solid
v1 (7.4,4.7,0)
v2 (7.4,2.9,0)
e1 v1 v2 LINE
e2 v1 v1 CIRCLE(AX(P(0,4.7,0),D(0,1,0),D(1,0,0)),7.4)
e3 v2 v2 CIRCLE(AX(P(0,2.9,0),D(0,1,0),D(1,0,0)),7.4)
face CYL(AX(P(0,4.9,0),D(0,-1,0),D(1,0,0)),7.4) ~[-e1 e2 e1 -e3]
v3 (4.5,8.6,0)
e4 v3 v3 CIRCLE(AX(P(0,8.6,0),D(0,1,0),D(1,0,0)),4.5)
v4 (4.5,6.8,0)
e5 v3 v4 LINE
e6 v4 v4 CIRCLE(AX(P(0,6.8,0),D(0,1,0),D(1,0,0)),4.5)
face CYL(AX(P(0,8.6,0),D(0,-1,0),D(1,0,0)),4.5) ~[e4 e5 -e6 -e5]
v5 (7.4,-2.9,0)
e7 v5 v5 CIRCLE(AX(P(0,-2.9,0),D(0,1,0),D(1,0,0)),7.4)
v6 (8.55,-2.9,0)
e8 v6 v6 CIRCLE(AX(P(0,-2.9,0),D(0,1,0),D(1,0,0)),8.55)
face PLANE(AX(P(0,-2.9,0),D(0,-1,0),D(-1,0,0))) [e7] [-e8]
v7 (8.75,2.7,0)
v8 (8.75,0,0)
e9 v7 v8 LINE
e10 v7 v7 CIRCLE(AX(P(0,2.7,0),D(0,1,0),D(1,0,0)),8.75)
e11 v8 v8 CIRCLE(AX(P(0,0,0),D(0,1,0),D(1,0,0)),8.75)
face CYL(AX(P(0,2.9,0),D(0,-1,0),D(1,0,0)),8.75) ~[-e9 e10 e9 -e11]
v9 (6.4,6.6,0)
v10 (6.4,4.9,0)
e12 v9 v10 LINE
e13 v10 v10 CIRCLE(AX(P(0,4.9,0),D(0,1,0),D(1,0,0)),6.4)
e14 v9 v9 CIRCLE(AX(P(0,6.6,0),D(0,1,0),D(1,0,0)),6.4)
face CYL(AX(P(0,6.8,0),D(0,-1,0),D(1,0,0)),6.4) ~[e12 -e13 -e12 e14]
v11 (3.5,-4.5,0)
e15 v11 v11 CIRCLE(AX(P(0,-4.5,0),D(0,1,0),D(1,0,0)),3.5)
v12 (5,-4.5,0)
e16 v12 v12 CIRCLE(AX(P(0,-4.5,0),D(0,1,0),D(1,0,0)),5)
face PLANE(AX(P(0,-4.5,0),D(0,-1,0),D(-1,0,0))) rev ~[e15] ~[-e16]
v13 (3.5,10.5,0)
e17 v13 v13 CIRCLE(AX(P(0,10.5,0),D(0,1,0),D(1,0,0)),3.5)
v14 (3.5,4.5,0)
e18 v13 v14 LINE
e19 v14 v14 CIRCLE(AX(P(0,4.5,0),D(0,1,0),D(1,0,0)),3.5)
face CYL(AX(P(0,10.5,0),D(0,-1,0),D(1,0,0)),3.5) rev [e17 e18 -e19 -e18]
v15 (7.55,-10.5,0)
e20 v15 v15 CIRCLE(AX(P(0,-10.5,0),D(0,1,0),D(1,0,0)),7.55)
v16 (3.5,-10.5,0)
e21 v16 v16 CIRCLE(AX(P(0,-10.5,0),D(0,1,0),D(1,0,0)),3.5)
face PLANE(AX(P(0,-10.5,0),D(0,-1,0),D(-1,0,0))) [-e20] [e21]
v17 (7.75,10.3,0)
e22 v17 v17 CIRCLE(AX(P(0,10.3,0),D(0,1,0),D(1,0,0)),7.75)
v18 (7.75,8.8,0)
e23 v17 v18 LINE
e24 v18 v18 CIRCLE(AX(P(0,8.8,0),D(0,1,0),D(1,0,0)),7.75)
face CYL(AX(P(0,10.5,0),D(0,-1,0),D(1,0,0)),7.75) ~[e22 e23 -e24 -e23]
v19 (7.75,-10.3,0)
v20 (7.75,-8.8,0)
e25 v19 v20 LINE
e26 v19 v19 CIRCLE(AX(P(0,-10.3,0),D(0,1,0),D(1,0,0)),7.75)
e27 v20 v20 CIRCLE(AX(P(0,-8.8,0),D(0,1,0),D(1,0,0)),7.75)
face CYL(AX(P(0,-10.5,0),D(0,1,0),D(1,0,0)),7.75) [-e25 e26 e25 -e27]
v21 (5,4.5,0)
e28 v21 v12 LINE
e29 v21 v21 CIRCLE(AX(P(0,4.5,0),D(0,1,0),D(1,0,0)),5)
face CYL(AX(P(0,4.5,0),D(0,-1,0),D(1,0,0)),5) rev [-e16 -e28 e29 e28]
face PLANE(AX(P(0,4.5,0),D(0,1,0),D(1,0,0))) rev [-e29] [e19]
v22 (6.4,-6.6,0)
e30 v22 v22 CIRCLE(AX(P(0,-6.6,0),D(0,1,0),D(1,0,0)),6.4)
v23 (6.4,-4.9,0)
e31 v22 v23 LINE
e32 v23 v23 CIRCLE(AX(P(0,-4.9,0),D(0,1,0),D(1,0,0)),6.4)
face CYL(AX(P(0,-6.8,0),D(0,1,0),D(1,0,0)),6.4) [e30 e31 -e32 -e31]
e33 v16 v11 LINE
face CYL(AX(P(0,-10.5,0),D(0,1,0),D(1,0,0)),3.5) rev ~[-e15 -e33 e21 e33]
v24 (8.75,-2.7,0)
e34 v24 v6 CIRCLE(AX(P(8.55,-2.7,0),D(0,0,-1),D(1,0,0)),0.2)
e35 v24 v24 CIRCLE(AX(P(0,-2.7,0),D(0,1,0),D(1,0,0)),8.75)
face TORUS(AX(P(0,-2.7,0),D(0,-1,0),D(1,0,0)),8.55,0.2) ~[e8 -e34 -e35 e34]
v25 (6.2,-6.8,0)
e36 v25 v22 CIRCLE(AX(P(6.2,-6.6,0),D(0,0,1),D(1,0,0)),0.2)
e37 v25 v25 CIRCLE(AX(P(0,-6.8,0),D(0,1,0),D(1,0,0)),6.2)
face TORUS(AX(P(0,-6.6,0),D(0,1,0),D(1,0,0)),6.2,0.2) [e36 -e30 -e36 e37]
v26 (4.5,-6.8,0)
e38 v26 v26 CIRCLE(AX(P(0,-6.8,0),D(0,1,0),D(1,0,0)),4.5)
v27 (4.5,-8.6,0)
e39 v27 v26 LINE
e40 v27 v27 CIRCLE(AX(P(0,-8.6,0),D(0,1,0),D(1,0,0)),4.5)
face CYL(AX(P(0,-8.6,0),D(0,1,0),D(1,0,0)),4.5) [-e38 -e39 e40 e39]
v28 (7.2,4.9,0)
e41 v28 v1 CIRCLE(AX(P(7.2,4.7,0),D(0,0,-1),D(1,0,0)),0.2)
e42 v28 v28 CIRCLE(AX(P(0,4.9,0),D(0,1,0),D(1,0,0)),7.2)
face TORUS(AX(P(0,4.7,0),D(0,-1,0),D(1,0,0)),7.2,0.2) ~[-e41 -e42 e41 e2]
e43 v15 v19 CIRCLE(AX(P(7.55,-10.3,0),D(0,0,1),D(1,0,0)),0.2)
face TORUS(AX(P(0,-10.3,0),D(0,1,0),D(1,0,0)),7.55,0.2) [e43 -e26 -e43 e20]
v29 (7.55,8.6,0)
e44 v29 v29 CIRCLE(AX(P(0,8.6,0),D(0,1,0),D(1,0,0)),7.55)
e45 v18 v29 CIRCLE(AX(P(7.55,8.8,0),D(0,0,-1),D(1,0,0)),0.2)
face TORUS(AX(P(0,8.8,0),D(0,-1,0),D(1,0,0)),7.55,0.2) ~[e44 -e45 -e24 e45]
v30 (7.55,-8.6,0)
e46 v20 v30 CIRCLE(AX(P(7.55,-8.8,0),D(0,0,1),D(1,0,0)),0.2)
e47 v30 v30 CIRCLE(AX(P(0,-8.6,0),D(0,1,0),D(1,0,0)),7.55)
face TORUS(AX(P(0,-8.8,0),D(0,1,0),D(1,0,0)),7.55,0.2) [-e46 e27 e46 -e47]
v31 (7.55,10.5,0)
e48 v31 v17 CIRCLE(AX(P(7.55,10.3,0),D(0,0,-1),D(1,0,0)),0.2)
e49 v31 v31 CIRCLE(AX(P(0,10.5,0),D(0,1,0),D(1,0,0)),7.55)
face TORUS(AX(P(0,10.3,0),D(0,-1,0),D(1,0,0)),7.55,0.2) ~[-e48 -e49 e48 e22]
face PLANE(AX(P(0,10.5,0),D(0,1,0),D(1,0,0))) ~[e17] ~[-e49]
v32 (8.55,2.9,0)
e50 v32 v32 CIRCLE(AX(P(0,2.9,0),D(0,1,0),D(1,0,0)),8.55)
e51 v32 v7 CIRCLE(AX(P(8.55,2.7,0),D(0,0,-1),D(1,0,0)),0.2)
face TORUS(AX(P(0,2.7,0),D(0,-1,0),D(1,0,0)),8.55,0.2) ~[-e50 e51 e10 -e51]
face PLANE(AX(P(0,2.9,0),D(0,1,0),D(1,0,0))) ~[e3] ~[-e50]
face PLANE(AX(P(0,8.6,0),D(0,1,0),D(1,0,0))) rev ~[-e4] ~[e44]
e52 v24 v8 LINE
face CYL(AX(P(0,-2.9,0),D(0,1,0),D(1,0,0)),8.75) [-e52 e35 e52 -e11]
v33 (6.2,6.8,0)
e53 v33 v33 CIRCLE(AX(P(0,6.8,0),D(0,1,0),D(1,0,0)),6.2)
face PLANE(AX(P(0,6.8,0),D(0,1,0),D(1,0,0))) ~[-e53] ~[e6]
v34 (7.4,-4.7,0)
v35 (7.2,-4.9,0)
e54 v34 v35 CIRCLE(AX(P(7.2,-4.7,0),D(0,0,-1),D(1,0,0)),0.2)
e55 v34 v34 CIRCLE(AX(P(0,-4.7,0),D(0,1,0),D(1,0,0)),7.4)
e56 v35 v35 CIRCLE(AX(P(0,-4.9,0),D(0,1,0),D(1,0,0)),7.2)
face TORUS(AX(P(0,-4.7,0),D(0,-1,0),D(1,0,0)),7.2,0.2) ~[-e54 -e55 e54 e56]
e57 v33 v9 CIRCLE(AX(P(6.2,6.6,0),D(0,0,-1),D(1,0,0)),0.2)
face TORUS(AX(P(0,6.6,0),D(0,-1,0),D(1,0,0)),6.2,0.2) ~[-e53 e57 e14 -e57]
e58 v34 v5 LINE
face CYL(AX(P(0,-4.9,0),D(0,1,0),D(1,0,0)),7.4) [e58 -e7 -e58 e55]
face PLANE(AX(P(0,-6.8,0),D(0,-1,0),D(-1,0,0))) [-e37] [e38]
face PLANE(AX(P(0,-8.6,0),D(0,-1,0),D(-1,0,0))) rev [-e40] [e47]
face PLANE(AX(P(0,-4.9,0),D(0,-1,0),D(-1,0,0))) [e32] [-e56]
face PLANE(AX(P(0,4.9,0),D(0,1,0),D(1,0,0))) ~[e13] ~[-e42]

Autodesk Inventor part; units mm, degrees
ref_plane "YZ Plane" through (0, 0, 0) normal (1, 0, 0) x (0, 1, 0)
ref_plane "XZ Plane" through (0, 0, 0) normal (0, 1, 0) x (-1, 0, 0)
ref_plane "XY Plane" through (0, 0, 0) normal (0, 0, 1) x (1, 0, 0)
sketch "Skizze1" plane through (0, 0, 0) normal (0, 0, 1) x (1, 0, 0)
  line L0 (0, 10.5) -> (7.75, 10.5)
  line L1 (7.75, 10.5) -> (7.75, 8.6)
  line L2 (7.75, 8.6) -> (4.5, 8.6)
  line L3 (4.5, 8.6) -> (4.5, 6.8)
  line L4 (4.5, 6.8) -> (6.4, 6.8)
  line L5 (6.4, 6.8) -> (6.4, 4.9)
  line L6 (6.4, 4.9) -> (7.4, 4.9)
  line L7 (7.4, 4.9) -> (7.4, 2.9)
  line L8 (7.4, 2.9) -> (8.75, 2.9)
  line L9 (8.75, 2.9) -> (8.75, 0)
  line L10 (8.75, 0) -> (0, 0)
  line L11 (0, 0) -> (0, 10.5)
  line L12 (3.5, 10.5) -> (3.5, 0)
  line L13 (3.5, 4.5) -> (5, 4.5)
  line L14 (5, 4.5) -> (5, 0)
  dimension "d1" = 7
  dimension "d3" = 1.9
  dimension "d4" = 1.8
  dimension "d5" = 1.9
  dimension "d6" = 9
  dimension "d7" = 17.5
  dimension "d8" = 15.5
  dimension "d9" = 12.8
  dimension "d11" = 14.8
  dimension "d12" = 5.8
  dimension "d13" = 6
  dimension "d14" = 10
  dimension "d16" = 13.6
revolve "Umdrehung1" add sketch "Skizze1" angle 360 about axis through (0, 0, 0) along (0, 1, 0) contours L0 L1 L2 L3 L4 L5 L6 L7 L8 L9 L10 L14 L13 L12
mirror "Spiegeln1" about plane through (5, 0, 0) normal (0, -1, 0) of "Umdrehung1"
fillet "Rundung1" radius 0.2 10 edges at (-8.75, 2.9, 0) (-7.4, 4.9, 0) (-6.4, 6.8, 0) (-7.75, 8.6, 0) (-7.75, 10.5, 0) (-8.75, -2.9, 0) (-7.4, -4.9, 0) (-6.4, -6.8, 0) (-7.75, -8.6, 0) (-7.75, -10.5, 0)
properties part number "arris_schwingungsdämpfer" material "Gummi, Silikon"
